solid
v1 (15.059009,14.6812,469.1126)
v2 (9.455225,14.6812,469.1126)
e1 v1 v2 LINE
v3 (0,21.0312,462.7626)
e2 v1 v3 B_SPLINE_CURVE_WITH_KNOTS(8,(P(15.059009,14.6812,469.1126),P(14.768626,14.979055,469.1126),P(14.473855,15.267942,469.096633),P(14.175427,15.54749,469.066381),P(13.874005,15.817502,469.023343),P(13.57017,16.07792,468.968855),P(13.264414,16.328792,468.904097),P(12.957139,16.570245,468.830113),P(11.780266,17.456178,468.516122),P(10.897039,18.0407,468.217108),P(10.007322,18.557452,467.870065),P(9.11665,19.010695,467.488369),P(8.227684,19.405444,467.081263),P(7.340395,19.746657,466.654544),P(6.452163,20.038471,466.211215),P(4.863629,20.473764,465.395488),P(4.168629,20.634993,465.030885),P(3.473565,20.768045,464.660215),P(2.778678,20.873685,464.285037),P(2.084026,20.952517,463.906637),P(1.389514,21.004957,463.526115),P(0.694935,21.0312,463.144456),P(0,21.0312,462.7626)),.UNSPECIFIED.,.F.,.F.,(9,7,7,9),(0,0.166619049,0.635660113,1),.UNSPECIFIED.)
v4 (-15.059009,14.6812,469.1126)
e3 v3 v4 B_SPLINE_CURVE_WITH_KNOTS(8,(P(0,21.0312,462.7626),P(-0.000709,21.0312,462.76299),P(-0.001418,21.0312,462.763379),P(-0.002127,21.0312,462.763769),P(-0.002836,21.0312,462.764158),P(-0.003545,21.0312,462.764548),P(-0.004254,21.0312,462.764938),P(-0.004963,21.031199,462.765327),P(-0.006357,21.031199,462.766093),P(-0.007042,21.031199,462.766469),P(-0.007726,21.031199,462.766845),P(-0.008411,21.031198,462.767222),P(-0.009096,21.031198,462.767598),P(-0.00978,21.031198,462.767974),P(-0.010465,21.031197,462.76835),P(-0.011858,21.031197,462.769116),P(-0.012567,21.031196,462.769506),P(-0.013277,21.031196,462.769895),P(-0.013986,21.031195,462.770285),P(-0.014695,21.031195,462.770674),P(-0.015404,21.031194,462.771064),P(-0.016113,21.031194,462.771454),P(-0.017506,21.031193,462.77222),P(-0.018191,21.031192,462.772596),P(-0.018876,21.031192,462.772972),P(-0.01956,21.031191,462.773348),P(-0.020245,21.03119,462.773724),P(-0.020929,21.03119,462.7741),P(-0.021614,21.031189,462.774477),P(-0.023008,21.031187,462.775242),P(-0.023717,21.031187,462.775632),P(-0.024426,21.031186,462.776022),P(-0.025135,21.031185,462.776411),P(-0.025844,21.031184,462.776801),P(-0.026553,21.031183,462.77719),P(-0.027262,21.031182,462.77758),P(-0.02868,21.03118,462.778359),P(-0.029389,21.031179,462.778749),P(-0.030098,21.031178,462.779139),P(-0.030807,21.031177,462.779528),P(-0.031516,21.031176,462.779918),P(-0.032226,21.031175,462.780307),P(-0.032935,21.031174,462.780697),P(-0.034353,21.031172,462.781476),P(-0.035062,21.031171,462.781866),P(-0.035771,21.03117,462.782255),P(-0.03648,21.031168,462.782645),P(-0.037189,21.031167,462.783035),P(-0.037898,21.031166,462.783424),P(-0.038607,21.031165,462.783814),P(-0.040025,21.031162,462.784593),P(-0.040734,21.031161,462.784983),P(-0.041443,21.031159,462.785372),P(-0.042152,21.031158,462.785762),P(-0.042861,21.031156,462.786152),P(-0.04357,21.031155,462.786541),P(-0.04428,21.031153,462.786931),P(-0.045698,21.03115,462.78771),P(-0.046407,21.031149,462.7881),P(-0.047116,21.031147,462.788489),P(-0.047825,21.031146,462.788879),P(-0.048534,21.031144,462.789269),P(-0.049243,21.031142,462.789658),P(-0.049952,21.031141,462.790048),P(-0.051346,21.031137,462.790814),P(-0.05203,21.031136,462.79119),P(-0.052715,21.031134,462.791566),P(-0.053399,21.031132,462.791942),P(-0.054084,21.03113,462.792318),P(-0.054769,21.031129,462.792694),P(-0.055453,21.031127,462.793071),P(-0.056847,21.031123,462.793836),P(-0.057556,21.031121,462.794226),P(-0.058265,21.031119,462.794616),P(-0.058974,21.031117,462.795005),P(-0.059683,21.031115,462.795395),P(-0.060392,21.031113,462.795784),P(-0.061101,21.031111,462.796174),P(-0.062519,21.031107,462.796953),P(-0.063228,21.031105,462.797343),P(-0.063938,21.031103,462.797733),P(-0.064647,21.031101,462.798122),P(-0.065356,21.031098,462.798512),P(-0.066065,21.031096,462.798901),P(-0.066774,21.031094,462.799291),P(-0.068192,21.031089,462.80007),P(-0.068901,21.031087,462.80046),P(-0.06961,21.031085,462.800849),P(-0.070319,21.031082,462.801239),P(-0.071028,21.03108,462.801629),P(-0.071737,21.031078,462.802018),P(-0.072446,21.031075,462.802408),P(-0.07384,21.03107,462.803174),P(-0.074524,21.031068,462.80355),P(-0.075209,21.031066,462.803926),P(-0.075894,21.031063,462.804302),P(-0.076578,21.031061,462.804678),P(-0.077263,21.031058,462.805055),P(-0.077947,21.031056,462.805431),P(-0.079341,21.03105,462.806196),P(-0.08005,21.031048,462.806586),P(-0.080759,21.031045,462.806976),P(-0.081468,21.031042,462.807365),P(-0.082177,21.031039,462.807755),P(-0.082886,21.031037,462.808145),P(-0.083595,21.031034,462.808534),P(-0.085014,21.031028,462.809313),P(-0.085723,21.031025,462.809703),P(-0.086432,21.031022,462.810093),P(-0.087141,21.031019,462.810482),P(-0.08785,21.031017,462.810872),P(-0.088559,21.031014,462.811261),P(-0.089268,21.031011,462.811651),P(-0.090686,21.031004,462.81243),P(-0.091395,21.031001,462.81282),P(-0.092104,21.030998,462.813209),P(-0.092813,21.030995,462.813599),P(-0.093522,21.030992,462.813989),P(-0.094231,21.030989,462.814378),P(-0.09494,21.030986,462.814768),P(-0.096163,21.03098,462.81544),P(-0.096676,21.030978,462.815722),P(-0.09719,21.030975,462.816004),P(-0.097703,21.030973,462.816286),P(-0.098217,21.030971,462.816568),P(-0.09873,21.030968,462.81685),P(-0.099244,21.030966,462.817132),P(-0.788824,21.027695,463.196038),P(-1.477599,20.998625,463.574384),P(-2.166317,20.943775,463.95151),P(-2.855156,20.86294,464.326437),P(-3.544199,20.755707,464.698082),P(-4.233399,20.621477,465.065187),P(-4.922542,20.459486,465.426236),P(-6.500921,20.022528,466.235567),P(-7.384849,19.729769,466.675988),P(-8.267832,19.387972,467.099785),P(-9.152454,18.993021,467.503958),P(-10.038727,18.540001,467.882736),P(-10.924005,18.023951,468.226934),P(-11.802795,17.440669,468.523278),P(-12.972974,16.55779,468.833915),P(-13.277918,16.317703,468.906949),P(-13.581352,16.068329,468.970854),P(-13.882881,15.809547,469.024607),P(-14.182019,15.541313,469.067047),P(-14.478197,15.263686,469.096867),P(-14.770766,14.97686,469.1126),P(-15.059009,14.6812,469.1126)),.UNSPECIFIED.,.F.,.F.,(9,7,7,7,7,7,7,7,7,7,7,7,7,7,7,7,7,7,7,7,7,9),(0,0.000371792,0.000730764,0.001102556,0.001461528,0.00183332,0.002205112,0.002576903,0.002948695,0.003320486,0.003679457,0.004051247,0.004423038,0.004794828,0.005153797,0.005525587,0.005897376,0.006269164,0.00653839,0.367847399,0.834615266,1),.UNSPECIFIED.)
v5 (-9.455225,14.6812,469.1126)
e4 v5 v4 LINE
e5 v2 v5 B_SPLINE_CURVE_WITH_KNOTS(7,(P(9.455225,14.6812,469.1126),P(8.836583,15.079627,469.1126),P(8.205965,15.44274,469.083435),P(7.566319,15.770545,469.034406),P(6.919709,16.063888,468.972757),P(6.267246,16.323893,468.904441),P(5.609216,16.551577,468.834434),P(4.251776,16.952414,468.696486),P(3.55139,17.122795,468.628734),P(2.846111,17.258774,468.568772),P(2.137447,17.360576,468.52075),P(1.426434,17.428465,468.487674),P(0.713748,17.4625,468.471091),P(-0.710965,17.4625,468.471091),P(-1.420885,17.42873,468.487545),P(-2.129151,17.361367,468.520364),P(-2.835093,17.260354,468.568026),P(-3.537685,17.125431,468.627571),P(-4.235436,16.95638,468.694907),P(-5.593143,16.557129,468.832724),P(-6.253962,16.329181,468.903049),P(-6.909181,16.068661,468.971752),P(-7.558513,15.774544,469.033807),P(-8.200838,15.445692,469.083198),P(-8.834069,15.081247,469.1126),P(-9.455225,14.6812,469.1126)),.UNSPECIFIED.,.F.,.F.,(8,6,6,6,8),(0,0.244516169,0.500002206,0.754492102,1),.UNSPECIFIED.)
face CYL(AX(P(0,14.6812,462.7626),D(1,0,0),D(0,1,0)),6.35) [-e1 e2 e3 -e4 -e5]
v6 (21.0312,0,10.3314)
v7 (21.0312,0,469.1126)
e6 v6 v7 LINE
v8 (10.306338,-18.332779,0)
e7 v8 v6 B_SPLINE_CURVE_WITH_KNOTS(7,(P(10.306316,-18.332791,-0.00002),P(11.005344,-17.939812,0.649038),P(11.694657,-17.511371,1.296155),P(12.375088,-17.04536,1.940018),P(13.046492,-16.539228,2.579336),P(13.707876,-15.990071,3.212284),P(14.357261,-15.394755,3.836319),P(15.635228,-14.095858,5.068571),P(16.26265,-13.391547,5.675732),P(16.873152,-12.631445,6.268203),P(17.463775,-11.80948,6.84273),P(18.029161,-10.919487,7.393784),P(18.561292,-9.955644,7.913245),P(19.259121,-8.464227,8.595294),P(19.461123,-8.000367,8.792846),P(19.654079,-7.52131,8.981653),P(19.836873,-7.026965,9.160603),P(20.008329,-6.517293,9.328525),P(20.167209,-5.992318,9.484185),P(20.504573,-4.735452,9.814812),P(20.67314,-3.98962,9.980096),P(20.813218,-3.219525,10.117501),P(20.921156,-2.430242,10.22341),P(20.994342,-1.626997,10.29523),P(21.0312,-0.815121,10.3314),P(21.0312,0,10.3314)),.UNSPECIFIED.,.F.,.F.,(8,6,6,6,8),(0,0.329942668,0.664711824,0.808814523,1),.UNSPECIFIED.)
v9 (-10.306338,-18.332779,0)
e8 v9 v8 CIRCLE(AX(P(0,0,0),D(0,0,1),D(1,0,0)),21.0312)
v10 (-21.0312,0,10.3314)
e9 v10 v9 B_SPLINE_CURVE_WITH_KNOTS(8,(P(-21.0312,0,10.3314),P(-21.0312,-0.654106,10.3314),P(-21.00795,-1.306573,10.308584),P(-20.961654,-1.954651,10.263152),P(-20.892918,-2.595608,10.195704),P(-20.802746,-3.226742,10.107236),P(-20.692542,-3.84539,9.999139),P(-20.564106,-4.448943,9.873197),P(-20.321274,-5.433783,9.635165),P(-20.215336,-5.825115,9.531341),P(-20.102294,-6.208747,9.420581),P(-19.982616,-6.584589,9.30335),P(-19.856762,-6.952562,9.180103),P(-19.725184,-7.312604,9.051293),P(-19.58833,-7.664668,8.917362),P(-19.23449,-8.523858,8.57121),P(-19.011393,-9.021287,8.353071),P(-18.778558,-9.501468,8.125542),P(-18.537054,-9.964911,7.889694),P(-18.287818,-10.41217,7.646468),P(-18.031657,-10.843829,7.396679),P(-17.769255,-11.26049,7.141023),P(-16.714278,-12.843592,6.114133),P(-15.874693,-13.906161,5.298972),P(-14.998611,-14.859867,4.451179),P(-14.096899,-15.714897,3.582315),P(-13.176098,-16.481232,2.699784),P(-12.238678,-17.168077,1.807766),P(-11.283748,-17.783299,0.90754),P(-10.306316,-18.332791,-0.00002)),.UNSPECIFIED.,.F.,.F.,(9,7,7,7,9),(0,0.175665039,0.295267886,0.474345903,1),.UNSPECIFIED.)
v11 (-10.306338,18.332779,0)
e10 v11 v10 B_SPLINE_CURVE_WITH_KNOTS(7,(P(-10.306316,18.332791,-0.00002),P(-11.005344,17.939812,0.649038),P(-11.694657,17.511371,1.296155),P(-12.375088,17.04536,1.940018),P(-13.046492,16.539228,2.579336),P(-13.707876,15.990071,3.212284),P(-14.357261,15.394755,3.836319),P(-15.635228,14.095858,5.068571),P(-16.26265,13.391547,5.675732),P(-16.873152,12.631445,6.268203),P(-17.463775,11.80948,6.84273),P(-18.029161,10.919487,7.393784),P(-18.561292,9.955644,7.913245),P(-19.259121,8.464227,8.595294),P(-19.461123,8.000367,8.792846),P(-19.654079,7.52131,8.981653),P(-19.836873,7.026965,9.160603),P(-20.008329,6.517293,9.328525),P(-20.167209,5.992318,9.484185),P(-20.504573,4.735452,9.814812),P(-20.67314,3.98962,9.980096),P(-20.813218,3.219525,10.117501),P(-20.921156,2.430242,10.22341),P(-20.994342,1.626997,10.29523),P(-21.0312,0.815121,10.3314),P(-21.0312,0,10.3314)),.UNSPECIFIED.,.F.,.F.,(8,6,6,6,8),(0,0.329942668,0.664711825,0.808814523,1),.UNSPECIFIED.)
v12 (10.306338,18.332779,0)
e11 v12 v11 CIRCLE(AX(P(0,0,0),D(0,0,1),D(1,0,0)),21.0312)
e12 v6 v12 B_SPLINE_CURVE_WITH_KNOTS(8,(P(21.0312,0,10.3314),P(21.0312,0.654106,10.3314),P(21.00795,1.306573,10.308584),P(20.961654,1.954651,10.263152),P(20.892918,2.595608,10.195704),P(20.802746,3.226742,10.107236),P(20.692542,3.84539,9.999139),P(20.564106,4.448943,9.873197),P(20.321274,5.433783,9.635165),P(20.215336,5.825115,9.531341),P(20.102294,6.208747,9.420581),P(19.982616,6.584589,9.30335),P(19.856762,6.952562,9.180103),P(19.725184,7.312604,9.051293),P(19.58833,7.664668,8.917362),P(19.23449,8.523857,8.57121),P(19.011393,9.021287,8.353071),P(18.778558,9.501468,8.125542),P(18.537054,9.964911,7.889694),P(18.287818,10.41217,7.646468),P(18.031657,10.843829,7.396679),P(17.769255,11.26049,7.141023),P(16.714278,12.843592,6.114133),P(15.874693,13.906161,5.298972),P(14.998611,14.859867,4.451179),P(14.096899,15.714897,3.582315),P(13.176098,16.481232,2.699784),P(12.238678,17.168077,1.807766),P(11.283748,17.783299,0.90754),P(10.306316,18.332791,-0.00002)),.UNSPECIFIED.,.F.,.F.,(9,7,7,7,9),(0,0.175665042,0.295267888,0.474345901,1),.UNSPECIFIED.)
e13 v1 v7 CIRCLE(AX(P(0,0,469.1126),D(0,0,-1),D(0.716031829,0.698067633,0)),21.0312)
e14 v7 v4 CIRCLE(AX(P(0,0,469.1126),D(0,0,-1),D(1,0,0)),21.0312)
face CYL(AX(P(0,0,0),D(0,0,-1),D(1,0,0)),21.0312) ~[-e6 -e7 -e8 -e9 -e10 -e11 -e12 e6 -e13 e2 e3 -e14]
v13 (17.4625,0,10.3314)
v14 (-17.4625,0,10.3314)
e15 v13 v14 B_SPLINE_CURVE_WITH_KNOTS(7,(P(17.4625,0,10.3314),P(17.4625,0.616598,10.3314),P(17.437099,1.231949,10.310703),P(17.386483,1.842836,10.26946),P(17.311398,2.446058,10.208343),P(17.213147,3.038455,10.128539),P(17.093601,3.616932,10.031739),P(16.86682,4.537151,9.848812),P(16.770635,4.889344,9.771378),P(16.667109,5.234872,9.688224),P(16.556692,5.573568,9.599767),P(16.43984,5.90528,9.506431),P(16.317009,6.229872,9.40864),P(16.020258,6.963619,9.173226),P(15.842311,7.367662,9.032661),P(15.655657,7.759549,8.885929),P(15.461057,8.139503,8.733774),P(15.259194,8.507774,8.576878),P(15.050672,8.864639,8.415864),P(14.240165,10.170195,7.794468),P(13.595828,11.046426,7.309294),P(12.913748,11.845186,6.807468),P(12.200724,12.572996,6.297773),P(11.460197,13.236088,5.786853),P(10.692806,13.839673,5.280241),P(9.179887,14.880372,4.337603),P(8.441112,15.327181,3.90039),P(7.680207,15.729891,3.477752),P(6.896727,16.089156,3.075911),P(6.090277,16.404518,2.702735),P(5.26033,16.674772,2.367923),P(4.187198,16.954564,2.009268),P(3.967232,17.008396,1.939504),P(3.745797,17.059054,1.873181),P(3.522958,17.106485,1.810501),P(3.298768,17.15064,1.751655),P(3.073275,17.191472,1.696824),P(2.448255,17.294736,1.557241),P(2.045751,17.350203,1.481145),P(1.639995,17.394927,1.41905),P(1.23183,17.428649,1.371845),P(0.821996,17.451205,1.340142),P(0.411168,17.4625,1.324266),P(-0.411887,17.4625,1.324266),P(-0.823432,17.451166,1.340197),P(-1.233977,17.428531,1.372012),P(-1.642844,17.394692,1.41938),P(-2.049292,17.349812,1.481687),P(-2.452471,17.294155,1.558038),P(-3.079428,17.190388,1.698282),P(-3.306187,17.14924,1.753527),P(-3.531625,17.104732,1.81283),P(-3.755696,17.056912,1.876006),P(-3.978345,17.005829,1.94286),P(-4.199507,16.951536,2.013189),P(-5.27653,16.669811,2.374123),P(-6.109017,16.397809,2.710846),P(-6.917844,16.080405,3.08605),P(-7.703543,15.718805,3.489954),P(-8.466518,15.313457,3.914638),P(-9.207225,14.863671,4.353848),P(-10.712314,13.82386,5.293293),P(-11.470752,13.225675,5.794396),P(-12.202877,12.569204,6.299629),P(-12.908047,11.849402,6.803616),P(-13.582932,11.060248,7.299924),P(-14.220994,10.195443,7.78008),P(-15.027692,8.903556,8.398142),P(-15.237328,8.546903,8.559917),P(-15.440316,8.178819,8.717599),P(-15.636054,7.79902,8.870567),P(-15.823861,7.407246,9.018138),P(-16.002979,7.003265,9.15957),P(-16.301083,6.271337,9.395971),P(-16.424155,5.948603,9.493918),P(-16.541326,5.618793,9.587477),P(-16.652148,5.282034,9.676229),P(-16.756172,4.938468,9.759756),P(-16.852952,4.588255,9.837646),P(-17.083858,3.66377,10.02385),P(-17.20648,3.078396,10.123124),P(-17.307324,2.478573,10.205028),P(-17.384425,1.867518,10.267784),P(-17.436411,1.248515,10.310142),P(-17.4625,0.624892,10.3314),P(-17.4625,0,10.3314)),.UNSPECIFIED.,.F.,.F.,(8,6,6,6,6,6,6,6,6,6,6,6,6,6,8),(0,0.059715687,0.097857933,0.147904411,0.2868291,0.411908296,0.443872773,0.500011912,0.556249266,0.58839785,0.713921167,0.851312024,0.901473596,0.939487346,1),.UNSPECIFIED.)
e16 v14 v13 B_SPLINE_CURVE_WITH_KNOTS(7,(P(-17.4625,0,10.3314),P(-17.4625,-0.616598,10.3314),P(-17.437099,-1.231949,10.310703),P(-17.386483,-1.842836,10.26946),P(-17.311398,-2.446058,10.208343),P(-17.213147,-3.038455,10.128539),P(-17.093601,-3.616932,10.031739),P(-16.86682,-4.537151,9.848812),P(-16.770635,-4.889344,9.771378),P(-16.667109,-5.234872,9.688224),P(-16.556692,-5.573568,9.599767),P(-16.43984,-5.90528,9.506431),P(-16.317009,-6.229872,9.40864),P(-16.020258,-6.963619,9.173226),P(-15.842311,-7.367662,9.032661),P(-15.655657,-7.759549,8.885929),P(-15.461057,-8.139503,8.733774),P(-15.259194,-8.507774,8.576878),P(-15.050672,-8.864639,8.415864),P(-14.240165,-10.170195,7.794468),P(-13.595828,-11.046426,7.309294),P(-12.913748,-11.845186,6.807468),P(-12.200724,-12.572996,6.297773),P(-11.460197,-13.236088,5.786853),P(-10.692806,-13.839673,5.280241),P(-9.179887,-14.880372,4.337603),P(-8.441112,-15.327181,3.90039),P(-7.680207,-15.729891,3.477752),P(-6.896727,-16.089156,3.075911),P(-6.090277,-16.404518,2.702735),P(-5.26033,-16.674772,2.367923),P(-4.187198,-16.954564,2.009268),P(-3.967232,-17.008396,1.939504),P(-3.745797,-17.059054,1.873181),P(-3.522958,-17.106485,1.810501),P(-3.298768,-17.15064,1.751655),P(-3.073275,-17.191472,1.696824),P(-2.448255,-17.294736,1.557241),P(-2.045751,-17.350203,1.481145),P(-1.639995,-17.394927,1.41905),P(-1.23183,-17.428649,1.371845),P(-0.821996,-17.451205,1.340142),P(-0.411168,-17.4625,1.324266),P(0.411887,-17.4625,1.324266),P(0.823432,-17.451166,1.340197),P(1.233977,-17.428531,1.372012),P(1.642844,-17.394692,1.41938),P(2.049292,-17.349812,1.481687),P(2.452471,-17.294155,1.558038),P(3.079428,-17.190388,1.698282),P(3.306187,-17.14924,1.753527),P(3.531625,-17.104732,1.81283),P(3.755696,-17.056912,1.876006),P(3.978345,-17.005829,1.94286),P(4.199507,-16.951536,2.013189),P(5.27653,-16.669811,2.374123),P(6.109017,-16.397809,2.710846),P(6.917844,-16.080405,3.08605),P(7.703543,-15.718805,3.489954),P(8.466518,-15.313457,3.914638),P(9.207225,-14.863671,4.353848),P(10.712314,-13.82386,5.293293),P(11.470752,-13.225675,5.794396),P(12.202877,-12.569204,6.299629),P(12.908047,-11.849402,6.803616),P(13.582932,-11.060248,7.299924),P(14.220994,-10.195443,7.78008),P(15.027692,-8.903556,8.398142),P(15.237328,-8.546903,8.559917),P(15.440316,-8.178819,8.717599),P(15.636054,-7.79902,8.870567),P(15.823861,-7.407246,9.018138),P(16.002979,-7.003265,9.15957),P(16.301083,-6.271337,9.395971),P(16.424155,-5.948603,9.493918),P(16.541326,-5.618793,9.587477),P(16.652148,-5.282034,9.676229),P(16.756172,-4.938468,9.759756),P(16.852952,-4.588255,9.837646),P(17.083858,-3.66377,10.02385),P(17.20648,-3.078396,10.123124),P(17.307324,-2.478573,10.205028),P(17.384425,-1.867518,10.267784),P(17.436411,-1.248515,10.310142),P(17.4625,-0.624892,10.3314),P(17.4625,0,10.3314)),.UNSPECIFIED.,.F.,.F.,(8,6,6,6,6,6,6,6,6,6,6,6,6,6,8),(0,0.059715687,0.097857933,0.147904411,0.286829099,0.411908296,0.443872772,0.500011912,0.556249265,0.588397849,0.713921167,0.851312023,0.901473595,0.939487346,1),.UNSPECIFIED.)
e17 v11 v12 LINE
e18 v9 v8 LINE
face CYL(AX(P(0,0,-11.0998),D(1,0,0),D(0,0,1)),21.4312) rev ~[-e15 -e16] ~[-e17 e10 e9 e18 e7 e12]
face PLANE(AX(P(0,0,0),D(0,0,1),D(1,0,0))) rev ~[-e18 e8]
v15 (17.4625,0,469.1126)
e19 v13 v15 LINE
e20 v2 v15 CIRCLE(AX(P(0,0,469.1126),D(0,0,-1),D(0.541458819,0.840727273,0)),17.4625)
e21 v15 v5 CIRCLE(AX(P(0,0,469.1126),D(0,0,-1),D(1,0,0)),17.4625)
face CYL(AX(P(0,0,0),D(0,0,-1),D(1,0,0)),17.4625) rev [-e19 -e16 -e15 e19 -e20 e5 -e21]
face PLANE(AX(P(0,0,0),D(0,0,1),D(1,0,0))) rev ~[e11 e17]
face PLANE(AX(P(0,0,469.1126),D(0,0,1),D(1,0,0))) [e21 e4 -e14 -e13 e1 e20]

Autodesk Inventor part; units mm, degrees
ref_plane "XZ Plane" through (0, 0, 0) normal (0, 1, 0) x (-1, 0, 0)
ref_plane "XY Plane" through (0, 0, 0) normal (0, 0, 1) x (1, 0, 0)
sketch "Sketch1" plane through (0, 0, 0) normal (0, 0, 1) x (1, 0, 0)
  circle A0 centre (0, 0) radius 21.0312
  circle A1 centre (0, 0) radius 17.4625
  dimension "d0" = 34.925
  dimension "d1" = 42.0624
extrude "Extrusion1" add sketch "Sketch1" along normal blind 469.1126
ref_plane "Work Plane1" through (0, 0, 0) normal (1, 0, 0) x (0, 0, 1)
sketch "Sketch2" plane through (0, 0, 0) normal (1, 0, 0) x (0, 0, 1)
  circle A0 centre (-11.0998, 0) radius 21.4312
  line L0 (-132.8598, 0) -> (569.4413, 0) projected
  line L1 (469.1126, 17.4625) -> (469.1126, -17.4625) projected
  dimension "d5" = 42.8625
  dimension "d6" = 480.2124
extrude "Extrusion2" cut sketch "Sketch2" against normal mid plane 1066.8
sketch "Sketch3" plane through (0, 0, 0) normal (1, 0, 0) x (0, 0, 1)
  line L0 (0, -21.0312) -> (469.1126, -21.0312) projected
  line L1 (469.1126, 17.4625) -> (469.1126, -17.4625) projected
  line L2 (469.1126, 21.0312) -> (469.1126, -21.0312) projected
  line L3 (483.7746, -29.5638) -> (456.7933, -29.5638)
  line L4 (456.7933, -29.5638) -> (456.7933, -21.0312)
  line L5 (456.7933, -21.0312) -> (462.7626, -21.0312)
  line L6 (469.1126, -14.6812) -> (469.1126, -8.6172)
  line L7 (469.1126, -8.6172) -> (483.7746, -8.6172)
  line L8 (483.7746, -8.6172) -> (483.7746, -29.5638)
  arc A0 (462.7626, -21.0312) -> (469.1126, -14.6812) centre (462.7626, -14.6812) ccw
  dimension "d9" = 6.35
extrude "Extrusion3" cut sketch "Sketch3" against normal mid plane 1066.8
properties part number "FE-00006-10"
